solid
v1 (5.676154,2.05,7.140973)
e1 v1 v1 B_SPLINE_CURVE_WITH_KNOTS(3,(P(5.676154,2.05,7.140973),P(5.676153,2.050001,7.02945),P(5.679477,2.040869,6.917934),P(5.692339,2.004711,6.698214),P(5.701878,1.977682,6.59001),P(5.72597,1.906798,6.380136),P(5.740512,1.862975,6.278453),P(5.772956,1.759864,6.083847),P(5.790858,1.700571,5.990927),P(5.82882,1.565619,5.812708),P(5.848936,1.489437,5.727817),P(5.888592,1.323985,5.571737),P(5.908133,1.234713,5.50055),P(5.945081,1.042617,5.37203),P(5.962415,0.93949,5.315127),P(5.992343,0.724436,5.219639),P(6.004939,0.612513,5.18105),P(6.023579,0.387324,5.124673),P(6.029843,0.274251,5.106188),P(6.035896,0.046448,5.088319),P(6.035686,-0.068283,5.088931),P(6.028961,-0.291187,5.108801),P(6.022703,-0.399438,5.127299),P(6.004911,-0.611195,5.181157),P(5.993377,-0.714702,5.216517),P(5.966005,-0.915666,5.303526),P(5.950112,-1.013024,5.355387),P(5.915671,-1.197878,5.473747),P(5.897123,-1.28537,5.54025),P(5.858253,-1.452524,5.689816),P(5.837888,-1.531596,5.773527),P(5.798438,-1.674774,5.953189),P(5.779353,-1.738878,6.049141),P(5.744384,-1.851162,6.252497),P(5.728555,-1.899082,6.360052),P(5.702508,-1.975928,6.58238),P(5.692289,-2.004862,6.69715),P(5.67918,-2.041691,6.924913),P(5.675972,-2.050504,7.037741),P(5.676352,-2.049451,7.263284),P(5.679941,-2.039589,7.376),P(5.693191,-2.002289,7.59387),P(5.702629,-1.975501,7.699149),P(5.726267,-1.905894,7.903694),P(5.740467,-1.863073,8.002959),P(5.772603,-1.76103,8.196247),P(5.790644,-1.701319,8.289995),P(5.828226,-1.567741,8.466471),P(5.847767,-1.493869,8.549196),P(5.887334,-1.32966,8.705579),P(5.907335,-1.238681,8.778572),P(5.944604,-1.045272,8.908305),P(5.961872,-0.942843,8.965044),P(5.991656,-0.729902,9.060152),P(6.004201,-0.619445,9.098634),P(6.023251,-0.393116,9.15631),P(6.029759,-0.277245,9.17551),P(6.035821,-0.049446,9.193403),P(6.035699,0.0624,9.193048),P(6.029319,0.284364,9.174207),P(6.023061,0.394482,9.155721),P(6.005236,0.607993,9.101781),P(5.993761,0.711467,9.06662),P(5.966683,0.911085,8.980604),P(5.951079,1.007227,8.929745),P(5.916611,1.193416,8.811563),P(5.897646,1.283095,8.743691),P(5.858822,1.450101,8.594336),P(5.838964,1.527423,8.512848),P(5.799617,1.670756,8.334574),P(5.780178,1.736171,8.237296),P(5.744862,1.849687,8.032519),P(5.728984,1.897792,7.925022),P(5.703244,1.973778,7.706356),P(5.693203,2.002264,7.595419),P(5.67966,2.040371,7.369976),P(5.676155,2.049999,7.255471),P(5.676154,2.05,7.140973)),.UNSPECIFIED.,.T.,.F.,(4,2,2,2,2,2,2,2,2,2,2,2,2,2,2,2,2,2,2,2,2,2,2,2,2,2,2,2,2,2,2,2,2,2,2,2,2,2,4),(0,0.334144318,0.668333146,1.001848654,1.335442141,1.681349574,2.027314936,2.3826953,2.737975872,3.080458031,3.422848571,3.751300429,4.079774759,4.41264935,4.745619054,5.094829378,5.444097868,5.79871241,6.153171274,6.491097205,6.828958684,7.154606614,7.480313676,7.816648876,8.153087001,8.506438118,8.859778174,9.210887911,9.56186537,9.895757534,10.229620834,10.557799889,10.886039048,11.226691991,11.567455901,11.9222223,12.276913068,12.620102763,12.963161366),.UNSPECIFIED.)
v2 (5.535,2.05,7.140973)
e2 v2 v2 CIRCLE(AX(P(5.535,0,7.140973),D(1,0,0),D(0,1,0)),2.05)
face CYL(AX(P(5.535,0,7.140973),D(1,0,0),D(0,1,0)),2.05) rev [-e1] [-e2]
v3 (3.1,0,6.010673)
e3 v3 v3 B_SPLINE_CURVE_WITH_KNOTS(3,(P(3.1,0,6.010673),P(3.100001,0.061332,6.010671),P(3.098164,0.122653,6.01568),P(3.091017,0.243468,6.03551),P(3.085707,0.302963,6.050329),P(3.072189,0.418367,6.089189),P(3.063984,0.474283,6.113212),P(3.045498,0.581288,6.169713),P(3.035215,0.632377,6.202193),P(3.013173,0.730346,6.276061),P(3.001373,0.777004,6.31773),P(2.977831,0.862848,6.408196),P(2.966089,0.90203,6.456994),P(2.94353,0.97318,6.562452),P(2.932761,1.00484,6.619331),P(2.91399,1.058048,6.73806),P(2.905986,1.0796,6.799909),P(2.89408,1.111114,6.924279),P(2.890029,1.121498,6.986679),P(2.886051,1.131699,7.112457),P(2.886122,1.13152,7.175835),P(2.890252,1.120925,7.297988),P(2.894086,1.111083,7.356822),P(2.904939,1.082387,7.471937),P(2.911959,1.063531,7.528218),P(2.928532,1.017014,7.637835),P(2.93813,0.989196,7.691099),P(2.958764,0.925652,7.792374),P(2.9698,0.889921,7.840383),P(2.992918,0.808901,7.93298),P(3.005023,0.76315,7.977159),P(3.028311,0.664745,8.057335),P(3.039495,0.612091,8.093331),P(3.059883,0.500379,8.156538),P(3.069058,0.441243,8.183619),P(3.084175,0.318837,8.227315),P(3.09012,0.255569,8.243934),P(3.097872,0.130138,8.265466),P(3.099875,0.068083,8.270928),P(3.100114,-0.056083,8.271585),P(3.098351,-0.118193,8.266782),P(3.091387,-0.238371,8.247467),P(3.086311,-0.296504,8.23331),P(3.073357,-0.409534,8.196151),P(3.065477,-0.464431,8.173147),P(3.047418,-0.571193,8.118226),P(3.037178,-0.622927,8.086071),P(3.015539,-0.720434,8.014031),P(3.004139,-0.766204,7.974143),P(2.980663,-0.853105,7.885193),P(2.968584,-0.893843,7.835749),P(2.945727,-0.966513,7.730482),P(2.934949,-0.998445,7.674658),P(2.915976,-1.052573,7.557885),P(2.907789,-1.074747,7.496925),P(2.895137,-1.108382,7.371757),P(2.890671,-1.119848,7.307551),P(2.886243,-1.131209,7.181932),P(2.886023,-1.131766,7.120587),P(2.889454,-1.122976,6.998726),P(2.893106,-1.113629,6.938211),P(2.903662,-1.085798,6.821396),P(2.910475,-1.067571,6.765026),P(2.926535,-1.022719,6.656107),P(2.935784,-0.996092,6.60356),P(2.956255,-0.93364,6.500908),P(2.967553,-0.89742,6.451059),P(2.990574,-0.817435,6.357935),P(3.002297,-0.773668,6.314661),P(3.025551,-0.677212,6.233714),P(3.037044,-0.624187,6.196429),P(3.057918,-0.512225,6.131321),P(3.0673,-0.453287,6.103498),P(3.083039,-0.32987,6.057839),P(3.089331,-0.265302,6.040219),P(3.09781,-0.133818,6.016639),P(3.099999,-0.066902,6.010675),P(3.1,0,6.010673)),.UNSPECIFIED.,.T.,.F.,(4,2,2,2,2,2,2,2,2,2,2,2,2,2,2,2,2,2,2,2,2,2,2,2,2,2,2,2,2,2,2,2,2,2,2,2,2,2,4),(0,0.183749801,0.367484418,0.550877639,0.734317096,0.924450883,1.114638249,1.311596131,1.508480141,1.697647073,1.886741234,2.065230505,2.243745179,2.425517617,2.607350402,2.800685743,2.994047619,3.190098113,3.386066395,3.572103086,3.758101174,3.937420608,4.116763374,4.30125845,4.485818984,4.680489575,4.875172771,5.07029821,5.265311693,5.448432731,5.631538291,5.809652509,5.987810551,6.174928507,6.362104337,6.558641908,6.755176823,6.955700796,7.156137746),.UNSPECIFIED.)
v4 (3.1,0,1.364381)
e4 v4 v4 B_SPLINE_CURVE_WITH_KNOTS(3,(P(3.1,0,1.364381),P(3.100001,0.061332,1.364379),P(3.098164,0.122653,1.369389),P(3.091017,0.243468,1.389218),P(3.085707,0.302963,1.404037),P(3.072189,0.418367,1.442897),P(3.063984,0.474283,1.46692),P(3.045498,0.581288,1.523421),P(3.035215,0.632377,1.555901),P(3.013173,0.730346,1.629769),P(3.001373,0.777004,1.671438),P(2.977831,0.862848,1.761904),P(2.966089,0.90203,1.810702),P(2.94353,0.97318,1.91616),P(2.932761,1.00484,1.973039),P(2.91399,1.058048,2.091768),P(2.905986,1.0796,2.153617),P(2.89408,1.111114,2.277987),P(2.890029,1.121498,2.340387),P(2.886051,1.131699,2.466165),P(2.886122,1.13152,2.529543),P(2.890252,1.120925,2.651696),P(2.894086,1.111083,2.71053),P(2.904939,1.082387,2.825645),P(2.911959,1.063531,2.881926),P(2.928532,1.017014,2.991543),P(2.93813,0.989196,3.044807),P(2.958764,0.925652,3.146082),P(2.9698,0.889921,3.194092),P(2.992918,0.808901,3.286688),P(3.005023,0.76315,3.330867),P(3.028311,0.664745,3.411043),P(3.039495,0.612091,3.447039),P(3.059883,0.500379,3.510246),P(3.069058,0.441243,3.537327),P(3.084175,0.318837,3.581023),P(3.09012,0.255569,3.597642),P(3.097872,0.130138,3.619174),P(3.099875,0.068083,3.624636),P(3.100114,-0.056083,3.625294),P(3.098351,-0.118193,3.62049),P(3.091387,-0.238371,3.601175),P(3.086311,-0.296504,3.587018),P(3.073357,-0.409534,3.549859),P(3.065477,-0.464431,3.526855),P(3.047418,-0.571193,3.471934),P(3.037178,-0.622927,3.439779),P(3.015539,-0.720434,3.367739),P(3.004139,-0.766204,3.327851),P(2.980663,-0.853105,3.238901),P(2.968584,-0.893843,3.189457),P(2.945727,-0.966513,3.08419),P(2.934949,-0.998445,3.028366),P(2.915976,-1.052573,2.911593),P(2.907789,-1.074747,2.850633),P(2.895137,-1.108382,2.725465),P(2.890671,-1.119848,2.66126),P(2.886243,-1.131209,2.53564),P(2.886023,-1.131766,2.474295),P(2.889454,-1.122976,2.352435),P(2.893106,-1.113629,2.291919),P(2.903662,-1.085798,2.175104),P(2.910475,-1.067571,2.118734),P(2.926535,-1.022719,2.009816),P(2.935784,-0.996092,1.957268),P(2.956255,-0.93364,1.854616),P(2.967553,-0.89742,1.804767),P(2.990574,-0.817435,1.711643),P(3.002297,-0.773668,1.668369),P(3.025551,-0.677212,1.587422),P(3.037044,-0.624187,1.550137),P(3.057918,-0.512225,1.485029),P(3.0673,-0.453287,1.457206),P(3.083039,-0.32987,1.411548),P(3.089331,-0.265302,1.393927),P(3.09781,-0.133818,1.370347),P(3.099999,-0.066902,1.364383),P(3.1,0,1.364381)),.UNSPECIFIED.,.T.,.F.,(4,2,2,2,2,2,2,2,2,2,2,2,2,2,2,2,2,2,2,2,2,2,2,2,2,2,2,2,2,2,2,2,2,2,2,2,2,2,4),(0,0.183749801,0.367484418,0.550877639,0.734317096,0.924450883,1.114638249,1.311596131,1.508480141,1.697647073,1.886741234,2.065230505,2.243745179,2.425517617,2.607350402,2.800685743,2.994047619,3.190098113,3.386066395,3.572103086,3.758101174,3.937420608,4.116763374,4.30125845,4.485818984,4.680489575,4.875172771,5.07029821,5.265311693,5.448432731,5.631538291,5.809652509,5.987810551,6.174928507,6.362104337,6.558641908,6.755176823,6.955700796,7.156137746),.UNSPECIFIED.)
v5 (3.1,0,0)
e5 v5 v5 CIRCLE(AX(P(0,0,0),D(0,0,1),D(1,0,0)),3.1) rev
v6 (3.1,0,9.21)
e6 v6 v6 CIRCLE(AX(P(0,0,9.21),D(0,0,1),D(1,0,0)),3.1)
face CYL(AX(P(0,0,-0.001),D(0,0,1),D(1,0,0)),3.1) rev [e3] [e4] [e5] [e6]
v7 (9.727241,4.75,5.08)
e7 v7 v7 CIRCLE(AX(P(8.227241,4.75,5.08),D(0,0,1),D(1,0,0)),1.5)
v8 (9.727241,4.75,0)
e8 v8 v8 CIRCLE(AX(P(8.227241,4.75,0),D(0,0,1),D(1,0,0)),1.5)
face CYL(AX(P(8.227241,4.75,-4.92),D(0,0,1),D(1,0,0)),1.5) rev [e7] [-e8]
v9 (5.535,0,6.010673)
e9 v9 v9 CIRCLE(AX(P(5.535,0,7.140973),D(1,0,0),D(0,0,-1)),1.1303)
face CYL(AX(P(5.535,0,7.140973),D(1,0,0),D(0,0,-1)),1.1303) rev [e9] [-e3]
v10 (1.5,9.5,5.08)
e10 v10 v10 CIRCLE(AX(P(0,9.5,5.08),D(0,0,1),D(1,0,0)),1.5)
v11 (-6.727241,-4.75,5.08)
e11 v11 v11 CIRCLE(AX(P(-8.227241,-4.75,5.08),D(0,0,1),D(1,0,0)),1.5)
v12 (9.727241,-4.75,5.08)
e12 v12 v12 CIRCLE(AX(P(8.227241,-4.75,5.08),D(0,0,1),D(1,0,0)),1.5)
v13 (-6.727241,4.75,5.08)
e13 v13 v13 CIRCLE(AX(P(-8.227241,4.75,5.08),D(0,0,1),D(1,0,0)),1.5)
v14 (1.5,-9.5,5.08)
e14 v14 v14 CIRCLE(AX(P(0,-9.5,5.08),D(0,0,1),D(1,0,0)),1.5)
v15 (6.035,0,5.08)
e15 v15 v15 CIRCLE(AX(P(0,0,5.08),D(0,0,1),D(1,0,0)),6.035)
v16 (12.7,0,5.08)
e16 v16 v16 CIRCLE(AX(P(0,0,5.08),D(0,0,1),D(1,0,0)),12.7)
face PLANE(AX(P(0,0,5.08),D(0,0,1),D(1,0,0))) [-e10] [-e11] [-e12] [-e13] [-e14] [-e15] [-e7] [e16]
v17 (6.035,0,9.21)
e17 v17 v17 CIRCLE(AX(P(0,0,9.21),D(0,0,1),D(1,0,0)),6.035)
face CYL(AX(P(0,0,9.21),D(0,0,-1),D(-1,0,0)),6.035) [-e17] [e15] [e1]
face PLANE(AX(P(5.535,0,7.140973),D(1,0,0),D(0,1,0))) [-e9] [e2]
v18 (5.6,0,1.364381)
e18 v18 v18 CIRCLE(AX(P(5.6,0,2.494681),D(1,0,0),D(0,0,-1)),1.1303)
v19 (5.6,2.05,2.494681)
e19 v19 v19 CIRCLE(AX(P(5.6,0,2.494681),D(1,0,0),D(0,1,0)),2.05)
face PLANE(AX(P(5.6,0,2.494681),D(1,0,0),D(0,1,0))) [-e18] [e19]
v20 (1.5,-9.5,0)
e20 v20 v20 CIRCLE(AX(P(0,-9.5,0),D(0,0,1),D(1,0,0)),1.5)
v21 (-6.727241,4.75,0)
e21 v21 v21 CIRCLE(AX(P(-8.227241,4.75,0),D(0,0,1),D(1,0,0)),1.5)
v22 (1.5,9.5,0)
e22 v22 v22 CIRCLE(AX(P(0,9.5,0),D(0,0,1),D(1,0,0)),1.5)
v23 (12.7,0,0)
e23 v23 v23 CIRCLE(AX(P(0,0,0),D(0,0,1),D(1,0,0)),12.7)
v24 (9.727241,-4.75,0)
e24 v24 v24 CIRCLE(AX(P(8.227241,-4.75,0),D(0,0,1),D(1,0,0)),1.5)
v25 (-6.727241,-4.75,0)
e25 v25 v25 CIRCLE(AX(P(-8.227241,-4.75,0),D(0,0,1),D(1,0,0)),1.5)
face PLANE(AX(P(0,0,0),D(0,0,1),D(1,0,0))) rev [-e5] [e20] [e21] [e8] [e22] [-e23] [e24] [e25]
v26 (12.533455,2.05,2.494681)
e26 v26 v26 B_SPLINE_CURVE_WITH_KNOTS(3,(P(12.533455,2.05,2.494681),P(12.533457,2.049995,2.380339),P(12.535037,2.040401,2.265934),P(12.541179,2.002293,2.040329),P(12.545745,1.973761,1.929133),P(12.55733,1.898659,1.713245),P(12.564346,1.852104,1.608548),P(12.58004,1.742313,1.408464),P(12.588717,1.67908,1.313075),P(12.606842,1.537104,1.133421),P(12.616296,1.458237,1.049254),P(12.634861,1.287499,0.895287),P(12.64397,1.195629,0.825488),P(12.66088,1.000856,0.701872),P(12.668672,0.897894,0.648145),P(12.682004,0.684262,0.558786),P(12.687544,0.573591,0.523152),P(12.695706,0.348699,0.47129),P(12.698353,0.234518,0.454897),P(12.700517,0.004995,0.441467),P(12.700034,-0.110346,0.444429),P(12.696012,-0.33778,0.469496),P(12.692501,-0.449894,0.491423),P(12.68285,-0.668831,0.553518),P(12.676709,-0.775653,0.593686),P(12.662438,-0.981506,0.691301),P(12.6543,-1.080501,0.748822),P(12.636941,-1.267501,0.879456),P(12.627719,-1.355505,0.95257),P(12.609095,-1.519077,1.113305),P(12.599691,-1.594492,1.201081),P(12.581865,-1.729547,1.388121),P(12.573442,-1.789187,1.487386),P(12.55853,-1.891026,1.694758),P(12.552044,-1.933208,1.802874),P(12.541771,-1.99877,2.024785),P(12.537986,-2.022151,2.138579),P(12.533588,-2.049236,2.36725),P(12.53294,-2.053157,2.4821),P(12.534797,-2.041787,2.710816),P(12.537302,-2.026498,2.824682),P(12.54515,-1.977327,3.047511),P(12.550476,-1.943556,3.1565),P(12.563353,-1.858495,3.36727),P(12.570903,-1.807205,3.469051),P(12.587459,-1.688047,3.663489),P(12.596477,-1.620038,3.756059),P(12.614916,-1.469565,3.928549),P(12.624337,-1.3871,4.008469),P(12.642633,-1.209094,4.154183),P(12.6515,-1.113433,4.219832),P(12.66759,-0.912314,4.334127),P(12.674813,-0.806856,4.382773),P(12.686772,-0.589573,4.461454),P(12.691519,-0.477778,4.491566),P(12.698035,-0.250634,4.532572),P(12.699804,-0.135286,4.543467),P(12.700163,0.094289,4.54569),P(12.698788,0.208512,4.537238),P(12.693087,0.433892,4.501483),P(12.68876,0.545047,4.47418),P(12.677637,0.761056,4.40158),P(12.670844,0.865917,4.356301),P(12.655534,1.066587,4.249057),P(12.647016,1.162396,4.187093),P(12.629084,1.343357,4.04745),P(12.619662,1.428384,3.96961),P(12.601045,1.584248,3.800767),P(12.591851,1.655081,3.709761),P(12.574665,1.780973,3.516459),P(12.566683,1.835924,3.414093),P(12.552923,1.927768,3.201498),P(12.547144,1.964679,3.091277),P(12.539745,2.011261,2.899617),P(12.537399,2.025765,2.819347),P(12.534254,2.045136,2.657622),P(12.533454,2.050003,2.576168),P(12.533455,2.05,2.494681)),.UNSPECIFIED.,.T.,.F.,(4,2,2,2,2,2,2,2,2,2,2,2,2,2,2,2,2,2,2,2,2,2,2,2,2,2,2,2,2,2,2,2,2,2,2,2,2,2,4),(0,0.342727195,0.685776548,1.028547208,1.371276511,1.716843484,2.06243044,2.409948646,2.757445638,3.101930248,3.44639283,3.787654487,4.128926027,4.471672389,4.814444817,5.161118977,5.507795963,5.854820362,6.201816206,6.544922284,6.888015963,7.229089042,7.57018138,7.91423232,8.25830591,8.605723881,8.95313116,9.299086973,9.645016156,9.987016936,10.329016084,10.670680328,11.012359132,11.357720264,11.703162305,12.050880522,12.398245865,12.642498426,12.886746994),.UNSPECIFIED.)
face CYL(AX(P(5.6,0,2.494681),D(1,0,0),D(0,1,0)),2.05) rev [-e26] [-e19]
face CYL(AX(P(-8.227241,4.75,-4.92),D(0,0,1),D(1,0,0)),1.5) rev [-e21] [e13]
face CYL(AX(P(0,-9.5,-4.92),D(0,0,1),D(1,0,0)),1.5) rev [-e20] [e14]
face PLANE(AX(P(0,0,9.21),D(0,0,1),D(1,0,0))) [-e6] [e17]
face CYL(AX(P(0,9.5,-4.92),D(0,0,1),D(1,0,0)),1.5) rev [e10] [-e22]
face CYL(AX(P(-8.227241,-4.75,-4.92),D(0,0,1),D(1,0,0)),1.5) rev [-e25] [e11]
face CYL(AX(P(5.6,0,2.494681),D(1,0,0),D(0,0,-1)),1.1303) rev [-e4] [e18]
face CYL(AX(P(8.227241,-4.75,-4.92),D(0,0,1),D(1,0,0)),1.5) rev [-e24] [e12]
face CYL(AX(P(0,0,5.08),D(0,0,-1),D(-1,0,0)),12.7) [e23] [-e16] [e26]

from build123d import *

# Parameters (mm, degrees)
SKETCH1_R                  = 12.7
BOSS_EXTRUDE1_DEPTH        = 5.08
SKETCH2_R                  = 6.035
BOSS_EXTRUDE2_DEPTH        = 4.13
CUT_EXTRUDE1_REACH         = 22.184
SKETCH3_R                  = 3.1
SKETCH16_R                 = 2.05
CUT_EXTRUDE2_DEPTH         = 0.5
F_4_40_TAPPED_HOLE3_REACH  = 26.055
F_4_40_TAPPED_HOLE3_BORE_R = 1.1303
SKETCH24_R                 = 2.05
CUT_EXTRUDE3_DEPTH         = 7.1
F_4_40_TAPPED_HOLE4_REACH  = 26.104
F_4_40_TAPPED_HOLE4_BORE_R = 1.1303
SKETCH29_R                 = 1.5
CUT_EXTRUDE4_DEPTH         = 10


with BuildPart() as part:
    # Sketch1 → Boss-Extrude1 (new body)
    with BuildSketch(Plane.XY):
        Circle(SKETCH1_R)
    extrude(amount=BOSS_EXTRUDE1_DEPTH)

    # Sketch2 → Boss-Extrude2 (add)
    with BuildSketch(Plane.XY.offset(5.08)):
        Circle(SKETCH2_R)
    extrude(amount=BOSS_EXTRUDE2_DEPTH)

    # Sketch3 → Cut-Extrude1 (cut, up to next)
    with BuildSketch(Plane.XY.offset(9.21), mode=Mode.PRIVATE) as cut_extrude1_sk1:
        Circle(SKETCH3_R)
    cut_extrude1_tool1 = extrude(cut_extrude1_sk1.sketch, amount=-CUT_EXTRUDE1_REACH, mode=Mode.PRIVATE) & part.part
    add(cut_extrude1_tool1.solids().sort_by_distance((0, 0, 9.21))[0], mode=Mode.SUBTRACT)

    # Sketch16 → Cut-Extrude2 (cut)
    with BuildSketch(Plane(origin=(6.035, 0, 9.21), x_dir=(0, 0, -1), z_dir=(1, 0, 0))):
        with Locations(Location((2.069027283, 0, 0), (0, 0, 90))):
            Circle(SKETCH16_R)
    extrude(amount=-CUT_EXTRUDE2_DEPTH, mode=Mode.SUBTRACT)

    # #4-40 Tapped Hole3 bore → #4-40 Tapped Hole3 (cut, up to next)
    with BuildSketch(Plane(origin=(5.535, 0, 0), x_dir=(0, 0, -1), z_dir=(1, 0, 0)), mode=Mode.PRIVATE) as f_4_40_tapped_hole3_sk1:
        with Locations((-7.140972717, 0)):
            Circle(F_4_40_TAPPED_HOLE3_BORE_R)
    f_4_40_tapped_hole3_tool1 = extrude(f_4_40_tapped_hole3_sk1.sketch, amount=-F_4_40_TAPPED_HOLE3_REACH, mode=Mode.PRIVATE) & part.part
    add(f_4_40_tapped_hole3_tool1.solids().sort_by_distance((5.535, 0, 7.140973))[0], mode=Mode.SUBTRACT)

    # Sketch24 → Cut-Extrude3 (cut)
    with BuildSketch(Plane(origin=(12.7, 0, 5.08), x_dir=(0, 0, -1), z_dir=(1, 0, 0))):
        with Locations(Location((2.585319139, 0, 0), (0, 0, 90))):
            Circle(SKETCH24_R)
    extrude(amount=-CUT_EXTRUDE3_DEPTH, mode=Mode.SUBTRACT)

    # #4-40 Tapped Hole4 bore → #4-40 Tapped Hole4 (cut, up to next)
    with BuildSketch(Plane(origin=(5.6, 0, 0), x_dir=(0, 0, -1), z_dir=(1, 0, 0)), mode=Mode.PRIVATE) as f_4_40_tapped_hole4_sk1:
        with Locations((-2.494680861, 0)):
            Circle(F_4_40_TAPPED_HOLE4_BORE_R)
    f_4_40_tapped_hole4_tool1 = extrude(f_4_40_tapped_hole4_sk1.sketch, amount=-F_4_40_TAPPED_HOLE4_REACH, mode=Mode.PRIVATE) & part.part
    add(f_4_40_tapped_hole4_tool1.solids().sort_by_distance((5.6, 0, 2.494681))[0], mode=Mode.SUBTRACT)

    # Sketch29 → Cut-Extrude4 (cut)
    with BuildSketch(Plane.XY.offset(5.08)):
        with Locations((0, 9.5)):
            Circle(SKETCH29_R)
        with Locations((8.227241336, 4.75)):
            Circle(SKETCH29_R)
        with Locations((8.227241336, -4.75)):
            Circle(SKETCH29_R)
        with Locations((0, -9.5)):
            Circle(SKETCH29_R)
        with Locations((-8.227241336, -4.75)):
            Circle(SKETCH29_R)
        with Locations((-8.227241336, 4.75)):
            Circle(SKETCH29_R)
    extrude(amount=-CUT_EXTRUDE4_DEPTH, mode=Mode.SUBTRACT)


solid = part.part
